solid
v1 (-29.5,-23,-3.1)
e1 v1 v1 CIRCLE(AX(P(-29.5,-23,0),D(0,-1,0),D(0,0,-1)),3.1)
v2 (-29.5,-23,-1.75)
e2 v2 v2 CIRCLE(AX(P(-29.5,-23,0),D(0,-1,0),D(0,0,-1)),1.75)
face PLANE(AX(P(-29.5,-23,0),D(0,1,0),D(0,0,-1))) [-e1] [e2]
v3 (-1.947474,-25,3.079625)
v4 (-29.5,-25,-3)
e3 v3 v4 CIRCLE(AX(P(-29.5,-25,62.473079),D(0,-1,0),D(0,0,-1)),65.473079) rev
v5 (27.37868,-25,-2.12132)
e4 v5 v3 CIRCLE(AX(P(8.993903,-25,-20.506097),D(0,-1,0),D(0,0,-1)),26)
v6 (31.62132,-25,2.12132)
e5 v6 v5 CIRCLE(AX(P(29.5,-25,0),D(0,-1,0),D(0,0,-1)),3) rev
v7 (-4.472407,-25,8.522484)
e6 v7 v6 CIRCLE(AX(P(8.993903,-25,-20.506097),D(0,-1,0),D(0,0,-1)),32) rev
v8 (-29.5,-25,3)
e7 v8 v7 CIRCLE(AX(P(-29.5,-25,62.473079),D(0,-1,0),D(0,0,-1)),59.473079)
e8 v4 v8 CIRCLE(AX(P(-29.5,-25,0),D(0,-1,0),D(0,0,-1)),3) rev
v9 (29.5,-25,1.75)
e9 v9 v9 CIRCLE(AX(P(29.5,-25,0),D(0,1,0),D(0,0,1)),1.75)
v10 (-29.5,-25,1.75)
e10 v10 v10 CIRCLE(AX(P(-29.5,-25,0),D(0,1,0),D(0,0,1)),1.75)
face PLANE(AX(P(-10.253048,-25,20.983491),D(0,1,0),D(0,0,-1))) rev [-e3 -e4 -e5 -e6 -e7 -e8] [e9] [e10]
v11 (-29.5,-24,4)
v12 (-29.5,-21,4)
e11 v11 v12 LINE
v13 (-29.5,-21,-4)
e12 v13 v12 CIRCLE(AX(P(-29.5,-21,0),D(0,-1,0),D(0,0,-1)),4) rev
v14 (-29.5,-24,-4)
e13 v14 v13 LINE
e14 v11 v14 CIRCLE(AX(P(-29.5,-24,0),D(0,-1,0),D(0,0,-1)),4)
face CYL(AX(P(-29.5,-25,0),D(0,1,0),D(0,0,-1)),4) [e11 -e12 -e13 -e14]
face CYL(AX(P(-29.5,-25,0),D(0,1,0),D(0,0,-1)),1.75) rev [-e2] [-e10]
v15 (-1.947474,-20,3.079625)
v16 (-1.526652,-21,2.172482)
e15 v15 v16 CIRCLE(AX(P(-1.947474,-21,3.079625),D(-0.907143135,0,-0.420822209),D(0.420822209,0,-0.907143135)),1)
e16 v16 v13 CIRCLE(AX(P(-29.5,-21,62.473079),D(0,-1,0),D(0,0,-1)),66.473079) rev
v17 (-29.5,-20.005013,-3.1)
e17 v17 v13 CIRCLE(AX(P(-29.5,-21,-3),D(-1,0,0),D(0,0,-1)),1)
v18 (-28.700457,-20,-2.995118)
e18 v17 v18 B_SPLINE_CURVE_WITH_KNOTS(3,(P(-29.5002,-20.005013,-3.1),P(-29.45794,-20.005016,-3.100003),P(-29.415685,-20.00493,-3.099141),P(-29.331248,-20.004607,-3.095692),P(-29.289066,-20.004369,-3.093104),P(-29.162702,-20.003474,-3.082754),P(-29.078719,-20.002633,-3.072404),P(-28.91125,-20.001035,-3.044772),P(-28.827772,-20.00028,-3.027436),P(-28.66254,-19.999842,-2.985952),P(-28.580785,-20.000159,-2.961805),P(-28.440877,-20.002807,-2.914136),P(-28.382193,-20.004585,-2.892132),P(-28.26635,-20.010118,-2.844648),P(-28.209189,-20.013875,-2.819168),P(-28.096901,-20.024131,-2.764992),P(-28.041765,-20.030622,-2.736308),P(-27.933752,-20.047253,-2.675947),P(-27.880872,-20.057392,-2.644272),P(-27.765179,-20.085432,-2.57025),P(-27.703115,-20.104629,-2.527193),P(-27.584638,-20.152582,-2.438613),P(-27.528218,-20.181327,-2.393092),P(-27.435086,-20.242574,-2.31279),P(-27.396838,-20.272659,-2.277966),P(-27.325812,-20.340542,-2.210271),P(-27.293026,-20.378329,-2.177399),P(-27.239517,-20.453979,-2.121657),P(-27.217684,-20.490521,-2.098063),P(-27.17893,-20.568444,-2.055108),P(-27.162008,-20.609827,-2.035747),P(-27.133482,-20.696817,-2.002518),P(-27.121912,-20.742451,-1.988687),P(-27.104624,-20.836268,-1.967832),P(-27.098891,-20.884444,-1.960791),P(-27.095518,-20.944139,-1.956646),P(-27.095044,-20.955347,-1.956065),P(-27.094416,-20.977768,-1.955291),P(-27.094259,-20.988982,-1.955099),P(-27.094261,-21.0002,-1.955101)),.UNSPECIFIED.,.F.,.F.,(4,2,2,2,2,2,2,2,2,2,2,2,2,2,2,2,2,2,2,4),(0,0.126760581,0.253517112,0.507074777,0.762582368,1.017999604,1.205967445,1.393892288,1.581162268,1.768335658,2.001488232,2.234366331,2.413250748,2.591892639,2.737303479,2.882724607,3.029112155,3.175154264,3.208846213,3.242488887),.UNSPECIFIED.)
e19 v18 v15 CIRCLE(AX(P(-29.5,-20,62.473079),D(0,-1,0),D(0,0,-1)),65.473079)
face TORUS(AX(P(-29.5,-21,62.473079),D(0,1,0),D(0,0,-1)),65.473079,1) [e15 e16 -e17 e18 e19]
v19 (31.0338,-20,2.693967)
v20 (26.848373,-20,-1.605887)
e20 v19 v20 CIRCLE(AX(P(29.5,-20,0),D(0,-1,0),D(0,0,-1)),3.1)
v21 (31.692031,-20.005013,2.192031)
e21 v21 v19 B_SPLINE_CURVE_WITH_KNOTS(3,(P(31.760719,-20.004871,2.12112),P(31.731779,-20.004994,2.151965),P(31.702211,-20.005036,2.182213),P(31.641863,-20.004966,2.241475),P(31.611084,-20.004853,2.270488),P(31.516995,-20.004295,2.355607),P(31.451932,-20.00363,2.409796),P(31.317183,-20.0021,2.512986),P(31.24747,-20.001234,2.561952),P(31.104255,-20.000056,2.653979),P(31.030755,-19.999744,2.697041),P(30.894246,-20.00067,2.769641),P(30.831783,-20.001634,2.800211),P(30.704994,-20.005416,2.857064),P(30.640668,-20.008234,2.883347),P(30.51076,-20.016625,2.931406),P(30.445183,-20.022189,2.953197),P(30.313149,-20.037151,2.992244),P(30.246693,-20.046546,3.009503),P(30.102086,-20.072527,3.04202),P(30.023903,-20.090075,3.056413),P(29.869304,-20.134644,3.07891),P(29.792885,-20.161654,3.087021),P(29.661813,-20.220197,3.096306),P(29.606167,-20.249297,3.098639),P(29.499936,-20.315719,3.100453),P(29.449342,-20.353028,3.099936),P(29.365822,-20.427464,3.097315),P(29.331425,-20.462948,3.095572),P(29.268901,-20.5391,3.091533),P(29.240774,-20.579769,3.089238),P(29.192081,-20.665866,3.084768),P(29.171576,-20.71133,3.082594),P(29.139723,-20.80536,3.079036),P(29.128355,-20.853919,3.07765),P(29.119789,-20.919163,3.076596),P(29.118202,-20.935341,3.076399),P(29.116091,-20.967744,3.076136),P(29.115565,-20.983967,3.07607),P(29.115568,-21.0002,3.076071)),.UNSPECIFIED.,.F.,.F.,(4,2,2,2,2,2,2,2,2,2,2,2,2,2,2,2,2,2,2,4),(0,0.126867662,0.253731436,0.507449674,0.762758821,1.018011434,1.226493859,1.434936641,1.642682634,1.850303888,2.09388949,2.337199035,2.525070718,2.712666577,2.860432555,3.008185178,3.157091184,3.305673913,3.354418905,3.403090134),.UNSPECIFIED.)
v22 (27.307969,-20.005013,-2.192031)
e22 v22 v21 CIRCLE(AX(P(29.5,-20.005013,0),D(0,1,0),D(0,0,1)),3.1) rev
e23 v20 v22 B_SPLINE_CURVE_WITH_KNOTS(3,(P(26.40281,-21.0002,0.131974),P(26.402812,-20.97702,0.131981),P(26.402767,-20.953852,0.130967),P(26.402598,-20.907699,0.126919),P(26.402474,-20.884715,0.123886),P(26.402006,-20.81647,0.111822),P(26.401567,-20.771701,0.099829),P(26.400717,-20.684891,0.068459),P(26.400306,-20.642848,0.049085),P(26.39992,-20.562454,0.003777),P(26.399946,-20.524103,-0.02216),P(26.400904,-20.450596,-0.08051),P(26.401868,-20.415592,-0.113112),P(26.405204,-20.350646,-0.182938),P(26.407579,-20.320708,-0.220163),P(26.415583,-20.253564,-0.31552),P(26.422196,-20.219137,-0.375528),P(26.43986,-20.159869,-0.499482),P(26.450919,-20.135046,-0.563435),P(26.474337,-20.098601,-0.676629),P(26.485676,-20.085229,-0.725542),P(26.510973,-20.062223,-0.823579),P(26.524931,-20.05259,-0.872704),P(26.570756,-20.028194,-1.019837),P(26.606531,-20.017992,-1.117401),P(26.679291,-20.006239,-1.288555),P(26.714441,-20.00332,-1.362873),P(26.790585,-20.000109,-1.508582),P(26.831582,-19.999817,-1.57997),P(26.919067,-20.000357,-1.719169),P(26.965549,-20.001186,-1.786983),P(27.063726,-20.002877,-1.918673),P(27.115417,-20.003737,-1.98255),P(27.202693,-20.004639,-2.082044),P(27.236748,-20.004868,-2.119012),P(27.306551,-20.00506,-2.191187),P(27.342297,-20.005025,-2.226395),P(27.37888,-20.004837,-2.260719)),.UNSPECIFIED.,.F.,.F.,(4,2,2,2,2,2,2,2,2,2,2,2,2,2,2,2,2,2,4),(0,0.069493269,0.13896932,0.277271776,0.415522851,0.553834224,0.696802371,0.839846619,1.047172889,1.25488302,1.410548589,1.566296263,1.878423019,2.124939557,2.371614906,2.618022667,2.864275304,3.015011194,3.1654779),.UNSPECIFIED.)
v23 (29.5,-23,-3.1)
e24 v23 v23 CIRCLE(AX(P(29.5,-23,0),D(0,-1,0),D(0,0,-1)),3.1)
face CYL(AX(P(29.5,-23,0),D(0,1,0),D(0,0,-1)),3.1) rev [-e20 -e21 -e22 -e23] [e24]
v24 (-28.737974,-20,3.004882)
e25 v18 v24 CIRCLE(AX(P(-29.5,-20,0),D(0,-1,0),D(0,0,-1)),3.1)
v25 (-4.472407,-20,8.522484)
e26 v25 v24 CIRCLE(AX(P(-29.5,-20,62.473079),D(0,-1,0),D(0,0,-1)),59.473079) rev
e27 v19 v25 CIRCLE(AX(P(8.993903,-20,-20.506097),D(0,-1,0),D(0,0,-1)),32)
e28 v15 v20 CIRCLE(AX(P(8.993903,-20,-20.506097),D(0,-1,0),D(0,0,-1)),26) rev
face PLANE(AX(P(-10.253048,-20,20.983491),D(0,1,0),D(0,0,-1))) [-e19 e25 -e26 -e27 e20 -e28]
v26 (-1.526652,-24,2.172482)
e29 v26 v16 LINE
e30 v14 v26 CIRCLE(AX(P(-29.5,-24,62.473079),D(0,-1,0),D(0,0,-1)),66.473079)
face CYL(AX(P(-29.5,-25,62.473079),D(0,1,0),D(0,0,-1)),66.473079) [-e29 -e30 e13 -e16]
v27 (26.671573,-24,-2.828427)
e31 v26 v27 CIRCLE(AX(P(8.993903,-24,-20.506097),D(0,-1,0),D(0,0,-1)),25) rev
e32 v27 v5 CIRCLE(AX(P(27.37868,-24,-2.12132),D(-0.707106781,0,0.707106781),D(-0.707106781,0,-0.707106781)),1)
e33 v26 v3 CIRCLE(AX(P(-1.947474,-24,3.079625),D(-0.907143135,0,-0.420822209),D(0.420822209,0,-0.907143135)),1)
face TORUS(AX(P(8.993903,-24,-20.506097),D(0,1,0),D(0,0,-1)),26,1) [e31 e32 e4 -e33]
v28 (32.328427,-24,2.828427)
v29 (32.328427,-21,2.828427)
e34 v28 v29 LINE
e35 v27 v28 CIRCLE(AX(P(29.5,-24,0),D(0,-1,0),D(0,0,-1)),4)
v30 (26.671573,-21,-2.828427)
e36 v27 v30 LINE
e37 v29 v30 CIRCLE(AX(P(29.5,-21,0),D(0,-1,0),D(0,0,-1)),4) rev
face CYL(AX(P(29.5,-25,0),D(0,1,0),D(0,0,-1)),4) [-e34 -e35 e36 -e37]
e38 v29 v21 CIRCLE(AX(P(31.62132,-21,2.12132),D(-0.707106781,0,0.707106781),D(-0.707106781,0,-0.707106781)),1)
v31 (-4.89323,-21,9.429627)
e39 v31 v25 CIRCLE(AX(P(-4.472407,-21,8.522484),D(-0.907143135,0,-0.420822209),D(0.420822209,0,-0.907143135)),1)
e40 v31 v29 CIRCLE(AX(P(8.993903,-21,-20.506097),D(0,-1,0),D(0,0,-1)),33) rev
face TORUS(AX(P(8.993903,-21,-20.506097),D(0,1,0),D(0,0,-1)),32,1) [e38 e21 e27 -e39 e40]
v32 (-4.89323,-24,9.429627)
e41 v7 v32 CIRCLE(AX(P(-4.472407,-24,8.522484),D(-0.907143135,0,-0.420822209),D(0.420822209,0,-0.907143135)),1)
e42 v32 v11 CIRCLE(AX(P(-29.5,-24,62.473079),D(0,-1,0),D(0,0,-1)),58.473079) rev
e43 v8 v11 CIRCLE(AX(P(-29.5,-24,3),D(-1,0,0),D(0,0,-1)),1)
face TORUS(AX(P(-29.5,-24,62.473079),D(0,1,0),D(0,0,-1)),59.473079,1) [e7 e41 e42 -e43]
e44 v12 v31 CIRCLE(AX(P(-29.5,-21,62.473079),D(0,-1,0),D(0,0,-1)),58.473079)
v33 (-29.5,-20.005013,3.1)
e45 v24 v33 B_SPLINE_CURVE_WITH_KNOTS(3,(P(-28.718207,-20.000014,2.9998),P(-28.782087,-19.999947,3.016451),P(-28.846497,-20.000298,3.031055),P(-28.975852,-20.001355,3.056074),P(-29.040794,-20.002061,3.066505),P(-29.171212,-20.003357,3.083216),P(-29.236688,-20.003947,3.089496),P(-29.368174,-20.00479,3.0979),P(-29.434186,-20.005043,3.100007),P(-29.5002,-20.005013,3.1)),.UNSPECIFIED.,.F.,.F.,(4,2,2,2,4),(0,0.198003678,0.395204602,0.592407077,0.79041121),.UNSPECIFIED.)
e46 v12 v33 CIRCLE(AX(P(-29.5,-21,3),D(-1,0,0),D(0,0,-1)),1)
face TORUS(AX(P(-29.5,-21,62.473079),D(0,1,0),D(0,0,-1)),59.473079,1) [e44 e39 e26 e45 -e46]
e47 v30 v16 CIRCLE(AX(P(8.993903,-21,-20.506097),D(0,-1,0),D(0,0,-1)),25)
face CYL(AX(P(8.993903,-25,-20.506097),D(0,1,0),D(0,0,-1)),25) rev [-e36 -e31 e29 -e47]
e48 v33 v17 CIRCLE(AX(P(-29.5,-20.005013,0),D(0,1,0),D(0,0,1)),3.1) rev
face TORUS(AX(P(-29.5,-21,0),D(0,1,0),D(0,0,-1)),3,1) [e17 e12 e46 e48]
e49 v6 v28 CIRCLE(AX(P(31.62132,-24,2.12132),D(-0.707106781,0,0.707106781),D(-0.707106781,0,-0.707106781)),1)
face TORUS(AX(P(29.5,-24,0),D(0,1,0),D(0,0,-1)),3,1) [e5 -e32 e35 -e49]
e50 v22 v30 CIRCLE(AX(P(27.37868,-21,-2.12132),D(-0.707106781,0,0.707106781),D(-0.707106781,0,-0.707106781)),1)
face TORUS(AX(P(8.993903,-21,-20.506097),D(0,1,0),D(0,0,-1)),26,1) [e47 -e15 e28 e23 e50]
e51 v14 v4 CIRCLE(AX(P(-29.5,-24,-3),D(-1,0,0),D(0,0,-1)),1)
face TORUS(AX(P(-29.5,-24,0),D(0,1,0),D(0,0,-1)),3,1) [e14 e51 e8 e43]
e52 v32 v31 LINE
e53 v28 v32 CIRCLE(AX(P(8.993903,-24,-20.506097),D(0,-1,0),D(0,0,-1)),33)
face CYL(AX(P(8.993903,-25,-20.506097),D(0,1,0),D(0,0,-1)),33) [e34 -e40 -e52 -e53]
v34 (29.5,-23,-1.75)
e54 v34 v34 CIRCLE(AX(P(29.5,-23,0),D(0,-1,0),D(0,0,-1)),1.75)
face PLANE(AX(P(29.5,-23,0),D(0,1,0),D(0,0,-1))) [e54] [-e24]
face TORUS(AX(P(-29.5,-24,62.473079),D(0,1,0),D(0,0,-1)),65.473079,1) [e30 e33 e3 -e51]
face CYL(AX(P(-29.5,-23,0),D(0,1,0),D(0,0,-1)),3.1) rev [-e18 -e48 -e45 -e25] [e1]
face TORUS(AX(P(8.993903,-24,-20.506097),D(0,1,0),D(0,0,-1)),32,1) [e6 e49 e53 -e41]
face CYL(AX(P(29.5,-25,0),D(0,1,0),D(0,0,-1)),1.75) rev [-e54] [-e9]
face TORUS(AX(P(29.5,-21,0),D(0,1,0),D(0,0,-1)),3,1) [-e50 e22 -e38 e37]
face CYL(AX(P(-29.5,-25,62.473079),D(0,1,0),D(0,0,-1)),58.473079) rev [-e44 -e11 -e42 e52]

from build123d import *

# Parameters (mm, degrees)
SKETCH1_R           = 1.75
BOSS_EXTRUDE1_DEPTH = 5
FILLET1_R           = 1
SKETCH2_R           = 3.1
CUT_EXTRUDE1_DEPTH  = 3
SKETCH3_W           = 83.675621306
SKETCH3_H           = 27.808708761
CUT_EXTRUDE2_DEPTH  = 5


with BuildPart() as part:
    # Sketch1 → Boss-Extrude1 (new body)
    with BuildSketch(Plane(origin=(0, 0, 0), x_dir=(1, 0, 0), z_dir=(0, 1, 0))):
        with BuildLine():
            ThreePointArc((-29.5, 4), (-33.5, 0), (-29.5, -4))
            ThreePointArc((-29.5, -4), (-16.900654795, -5.373538993), (-4.893229568, -9.429626812))
            ThreePointArc((-4.893229568, -9.429626812), (14.756477238, -11.986867848), (32.328427125, -2.828427125))
            ThreePointArc((32.328427125, -2.828427125), (32.328427125, 2.828427125), (26.671572875, 2.828427125))
            ThreePointArc((26.671572875, 2.828427125), (13.359489628, -4.109785544), (-1.526651892, -2.172481729))
            ThreePointArc((-1.526651892, -2.172481729), (-15.176874162, 2.438540137), (-29.5, 4))
        make_face()
        with Locations(Location((-29.5, 0, 0), (0, 0, 270))):
            Circle(SKETCH1_R, mode=Mode.SUBTRACT)
        with Locations(Location((29.5, 0, 0), (0, 0, 270))):
            Circle(SKETCH1_R, mode=Mode.SUBTRACT)
    extrude(amount=BOSS_EXTRUDE1_DEPTH)

    # Fillet1
    fillet1_edges = [part.edges().sort_by_distance(p)[0] for p in [
        (-16.900654795, 5, 5.373538993),
        (14.756477238, 5, 11.986867848),
        (32.328427125, 5, -2.828427125),
        (13.359489628, 5, 4.109785544),
        (-15.176874162, 5, -2.438540137),
        (13.359489628, 0, 4.109785544),
        (32.328427125, 0, -2.828427125),
        (14.756477238, 0, 11.986867848),
        (-16.900654795, 0, 5.373538993),
        (-33.5, 0, 0),
        (-15.176874162, 0, -2.438540137),
        (-33.5, 5, 0),
    ]]
    fillet(fillet1_edges, radius=FILLET1_R)

    # Sketch2 → Cut-Extrude1 (cut)
    with BuildSketch(Plane.XZ):
        with Locations(Location((29.5, 0, 0), (0, 0, 270))):
            Circle(SKETCH2_R)
        with Locations(Location((-29.5, 0, 0), (0, 0, 270))):
            Circle(SKETCH2_R)
    extrude(amount=-CUT_EXTRUDE1_DEPTH, mode=Mode.SUBTRACT)


with BuildPart() as body_2:
    # Mirror1: mirrored copy
    add(part.part.mirror(Plane(origin=(0, -10, 0), x_dir=(0, 0, 1), z_dir=(0, -1, 0))))


with BuildPart() as part_1:
    add(part.part)

    # Sketch3 → Cut-Extrude2 (cut)
    with BuildSketch(Plane.XZ):
        with Locations((4.363579438, 1.855920518)):
            Rectangle(SKETCH3_W, SKETCH3_H)
    extrude(amount=-CUT_EXTRUDE2_DEPTH, mode=Mode.SUBTRACT)


solid = body_2.part
